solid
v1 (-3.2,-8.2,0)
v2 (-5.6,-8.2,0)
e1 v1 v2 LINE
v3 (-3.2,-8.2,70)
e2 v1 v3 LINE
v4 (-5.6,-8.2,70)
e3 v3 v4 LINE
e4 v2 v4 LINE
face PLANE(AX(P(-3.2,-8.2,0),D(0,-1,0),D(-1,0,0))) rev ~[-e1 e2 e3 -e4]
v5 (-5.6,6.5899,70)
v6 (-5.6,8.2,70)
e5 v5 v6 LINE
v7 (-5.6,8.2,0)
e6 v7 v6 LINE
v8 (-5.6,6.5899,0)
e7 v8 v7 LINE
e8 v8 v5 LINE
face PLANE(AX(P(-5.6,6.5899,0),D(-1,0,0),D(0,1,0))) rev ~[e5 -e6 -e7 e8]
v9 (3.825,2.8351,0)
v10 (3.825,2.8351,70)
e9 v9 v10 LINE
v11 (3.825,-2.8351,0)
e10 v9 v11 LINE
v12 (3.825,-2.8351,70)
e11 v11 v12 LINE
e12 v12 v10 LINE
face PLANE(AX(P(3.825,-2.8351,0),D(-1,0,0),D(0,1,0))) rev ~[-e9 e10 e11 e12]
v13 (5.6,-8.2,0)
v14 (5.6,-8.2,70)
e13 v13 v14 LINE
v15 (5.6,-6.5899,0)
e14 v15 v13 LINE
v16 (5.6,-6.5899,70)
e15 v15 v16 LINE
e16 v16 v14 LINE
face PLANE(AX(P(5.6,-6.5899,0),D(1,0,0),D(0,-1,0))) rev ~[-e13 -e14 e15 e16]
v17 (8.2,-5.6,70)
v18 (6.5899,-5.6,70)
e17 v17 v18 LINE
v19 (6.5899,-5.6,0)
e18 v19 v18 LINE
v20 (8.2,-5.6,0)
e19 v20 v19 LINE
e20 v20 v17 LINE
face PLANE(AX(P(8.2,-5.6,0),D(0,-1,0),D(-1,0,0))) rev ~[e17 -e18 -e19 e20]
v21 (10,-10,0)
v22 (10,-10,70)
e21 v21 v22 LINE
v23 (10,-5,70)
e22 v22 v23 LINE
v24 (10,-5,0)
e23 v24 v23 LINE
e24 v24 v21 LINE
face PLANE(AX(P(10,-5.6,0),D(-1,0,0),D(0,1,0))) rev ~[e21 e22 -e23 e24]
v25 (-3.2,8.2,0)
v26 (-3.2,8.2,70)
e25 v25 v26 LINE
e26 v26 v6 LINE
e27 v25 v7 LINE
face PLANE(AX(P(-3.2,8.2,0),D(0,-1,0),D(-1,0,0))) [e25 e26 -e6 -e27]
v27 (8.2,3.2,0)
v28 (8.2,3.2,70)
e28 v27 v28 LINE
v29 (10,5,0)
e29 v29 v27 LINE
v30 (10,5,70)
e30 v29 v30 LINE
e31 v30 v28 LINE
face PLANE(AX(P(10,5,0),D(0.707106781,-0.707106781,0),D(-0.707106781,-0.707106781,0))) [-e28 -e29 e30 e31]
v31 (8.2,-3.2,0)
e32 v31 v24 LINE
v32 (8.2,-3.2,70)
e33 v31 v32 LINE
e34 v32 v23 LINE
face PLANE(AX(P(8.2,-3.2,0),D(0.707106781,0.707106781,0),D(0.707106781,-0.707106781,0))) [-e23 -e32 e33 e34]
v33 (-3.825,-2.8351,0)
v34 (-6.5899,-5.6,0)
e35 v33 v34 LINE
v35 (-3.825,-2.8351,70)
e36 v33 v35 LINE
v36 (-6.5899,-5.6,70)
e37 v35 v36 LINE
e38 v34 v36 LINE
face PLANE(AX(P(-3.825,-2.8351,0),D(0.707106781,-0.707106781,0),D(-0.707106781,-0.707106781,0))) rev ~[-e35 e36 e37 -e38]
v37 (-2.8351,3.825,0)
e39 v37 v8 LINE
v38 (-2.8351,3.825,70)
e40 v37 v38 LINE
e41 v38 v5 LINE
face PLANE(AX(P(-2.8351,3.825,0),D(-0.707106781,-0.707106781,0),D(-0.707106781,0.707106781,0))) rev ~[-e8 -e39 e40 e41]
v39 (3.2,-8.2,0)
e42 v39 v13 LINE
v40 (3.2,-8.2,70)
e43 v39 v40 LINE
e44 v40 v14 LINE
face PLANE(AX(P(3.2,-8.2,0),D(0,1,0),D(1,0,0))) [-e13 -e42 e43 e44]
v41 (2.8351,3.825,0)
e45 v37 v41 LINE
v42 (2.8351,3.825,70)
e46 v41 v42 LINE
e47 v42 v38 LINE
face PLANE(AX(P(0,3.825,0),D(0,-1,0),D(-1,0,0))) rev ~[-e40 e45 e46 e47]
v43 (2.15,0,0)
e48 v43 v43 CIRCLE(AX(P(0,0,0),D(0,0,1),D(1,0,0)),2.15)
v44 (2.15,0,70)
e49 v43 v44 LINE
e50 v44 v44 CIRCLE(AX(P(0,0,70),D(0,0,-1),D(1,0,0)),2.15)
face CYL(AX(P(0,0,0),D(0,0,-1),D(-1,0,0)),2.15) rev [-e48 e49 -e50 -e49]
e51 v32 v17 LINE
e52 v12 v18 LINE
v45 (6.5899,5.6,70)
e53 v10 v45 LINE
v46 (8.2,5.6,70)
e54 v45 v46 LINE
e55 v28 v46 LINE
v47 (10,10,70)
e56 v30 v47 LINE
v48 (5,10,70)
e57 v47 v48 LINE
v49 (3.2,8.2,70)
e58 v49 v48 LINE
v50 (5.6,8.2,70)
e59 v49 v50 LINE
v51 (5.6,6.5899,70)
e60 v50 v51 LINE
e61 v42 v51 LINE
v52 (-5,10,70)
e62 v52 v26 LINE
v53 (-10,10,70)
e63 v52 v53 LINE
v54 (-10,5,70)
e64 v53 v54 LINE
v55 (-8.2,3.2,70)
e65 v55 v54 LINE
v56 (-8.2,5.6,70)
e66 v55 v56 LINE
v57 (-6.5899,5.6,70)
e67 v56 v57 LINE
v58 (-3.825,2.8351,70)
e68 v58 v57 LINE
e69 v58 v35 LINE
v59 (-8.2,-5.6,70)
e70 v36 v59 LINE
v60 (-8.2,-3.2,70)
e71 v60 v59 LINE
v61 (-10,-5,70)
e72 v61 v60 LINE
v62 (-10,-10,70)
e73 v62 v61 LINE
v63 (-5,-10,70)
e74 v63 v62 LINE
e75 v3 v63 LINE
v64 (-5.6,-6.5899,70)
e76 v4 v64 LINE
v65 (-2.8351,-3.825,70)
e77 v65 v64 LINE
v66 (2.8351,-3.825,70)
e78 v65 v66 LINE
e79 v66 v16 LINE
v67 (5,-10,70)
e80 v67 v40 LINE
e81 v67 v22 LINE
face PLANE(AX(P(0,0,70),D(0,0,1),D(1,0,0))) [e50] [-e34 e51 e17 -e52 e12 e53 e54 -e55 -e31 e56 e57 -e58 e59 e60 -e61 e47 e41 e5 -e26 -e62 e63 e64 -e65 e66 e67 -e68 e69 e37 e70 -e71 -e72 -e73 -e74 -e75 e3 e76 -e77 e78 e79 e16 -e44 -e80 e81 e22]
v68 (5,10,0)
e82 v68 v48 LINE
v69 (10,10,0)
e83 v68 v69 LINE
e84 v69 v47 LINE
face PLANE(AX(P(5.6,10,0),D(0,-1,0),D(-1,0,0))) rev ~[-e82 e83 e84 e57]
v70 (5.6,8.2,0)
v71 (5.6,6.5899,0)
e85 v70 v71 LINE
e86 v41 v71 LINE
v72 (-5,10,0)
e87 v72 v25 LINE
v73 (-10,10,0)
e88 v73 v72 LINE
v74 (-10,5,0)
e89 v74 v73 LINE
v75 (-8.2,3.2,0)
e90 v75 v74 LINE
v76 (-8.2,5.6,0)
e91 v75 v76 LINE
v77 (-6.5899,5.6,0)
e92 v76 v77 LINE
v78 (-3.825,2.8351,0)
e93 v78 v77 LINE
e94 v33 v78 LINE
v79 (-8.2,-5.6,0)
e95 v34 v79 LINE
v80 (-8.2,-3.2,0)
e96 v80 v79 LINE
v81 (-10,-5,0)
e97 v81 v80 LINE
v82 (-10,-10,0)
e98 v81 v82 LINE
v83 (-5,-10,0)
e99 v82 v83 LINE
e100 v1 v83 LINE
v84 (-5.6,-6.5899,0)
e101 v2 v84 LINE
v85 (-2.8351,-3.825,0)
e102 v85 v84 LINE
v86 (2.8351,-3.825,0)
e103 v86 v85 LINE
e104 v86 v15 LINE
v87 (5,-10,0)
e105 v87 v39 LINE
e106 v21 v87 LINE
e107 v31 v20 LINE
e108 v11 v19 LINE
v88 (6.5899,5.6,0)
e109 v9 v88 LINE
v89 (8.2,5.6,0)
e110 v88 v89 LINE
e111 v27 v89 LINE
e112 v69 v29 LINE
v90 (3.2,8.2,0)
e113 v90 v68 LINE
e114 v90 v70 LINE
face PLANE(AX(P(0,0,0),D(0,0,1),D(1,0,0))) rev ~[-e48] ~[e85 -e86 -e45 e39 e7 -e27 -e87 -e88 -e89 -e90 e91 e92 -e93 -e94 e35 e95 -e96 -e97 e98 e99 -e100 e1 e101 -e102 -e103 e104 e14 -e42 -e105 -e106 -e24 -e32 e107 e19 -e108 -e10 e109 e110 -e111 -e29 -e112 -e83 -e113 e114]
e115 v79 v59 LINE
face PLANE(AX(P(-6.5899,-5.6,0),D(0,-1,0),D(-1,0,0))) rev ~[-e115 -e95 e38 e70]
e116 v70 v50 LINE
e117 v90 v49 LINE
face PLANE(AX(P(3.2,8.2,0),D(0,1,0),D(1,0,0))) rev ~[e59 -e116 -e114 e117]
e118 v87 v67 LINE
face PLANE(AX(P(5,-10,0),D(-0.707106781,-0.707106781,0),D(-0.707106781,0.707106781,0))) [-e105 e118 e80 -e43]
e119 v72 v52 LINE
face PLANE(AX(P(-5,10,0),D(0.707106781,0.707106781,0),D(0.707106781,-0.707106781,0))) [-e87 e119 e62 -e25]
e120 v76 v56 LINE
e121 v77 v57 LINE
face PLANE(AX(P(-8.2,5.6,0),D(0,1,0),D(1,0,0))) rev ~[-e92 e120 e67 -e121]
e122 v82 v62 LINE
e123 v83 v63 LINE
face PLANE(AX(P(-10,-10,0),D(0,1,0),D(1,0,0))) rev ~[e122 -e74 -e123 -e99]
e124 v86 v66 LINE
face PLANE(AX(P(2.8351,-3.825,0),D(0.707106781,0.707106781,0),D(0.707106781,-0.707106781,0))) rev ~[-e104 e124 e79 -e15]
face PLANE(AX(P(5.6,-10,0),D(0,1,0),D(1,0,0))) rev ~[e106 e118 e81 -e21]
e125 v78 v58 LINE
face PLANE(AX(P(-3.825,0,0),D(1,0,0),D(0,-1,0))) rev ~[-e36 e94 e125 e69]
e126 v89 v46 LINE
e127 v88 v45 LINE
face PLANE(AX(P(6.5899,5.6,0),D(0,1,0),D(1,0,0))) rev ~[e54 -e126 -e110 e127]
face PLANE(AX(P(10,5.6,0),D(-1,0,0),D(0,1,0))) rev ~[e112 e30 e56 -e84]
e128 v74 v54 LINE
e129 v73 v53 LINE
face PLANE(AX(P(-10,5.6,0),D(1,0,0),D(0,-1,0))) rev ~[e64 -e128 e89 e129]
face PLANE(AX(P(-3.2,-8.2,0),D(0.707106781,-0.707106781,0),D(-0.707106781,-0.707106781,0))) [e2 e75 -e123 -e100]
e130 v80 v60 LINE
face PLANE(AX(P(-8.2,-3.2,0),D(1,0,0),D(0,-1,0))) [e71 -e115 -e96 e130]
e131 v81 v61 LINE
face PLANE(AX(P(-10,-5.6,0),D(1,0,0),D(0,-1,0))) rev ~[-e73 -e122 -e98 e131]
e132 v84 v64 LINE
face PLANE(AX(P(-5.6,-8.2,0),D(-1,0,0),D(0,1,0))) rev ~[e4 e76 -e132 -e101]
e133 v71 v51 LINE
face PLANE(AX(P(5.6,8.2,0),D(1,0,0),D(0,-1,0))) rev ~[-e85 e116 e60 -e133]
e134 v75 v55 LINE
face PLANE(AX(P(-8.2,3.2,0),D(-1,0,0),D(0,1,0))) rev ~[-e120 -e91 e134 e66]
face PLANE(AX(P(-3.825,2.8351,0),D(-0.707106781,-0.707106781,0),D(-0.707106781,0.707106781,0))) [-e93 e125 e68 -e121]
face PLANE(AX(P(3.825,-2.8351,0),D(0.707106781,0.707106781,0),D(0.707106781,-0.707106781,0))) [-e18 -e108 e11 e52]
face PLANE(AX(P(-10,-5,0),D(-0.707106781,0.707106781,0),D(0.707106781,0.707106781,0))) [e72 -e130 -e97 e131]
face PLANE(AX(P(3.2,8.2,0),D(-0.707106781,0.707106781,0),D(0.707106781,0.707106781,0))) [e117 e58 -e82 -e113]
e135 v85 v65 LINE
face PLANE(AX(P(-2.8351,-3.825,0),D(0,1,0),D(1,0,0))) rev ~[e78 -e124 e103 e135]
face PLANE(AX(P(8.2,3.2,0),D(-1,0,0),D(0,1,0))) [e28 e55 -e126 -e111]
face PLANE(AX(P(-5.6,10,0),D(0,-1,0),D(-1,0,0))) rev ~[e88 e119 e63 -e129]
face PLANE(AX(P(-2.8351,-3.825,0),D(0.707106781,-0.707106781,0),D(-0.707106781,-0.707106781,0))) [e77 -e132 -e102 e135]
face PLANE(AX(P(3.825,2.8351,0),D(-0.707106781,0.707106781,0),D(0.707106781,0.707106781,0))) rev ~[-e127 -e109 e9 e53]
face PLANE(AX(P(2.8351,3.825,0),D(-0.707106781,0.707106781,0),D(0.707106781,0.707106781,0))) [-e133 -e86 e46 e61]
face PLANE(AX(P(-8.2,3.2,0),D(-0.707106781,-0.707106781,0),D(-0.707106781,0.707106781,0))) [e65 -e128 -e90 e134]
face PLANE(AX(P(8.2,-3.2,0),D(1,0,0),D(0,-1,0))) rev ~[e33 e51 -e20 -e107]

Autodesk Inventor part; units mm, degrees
ref_plane "YZ Plane" through (0, 0, 0) normal (1, 0, 0) x (0, 1, 0)
ref_plane "XZ Plane" through (0, 0, 0) normal (0, 1, 0) x (-1, 0, 0)
ref_plane "XY Plane" through (0, 0, 0) normal (0, 0, 1) x (1, 0, 0)
sketch "Sketch1" plane through (0, 0, 0) normal (0, 0, 1) x (1, 0, 0)
  line L0 (-10, -10) -> (-5.6, -10)
  line L1 (-10, -5.6) -> (-10, -10)
  line L2 (-5.6, -10) -> (-5, -10)
  line L3 (-3.2, -8.2) -> (-5.6, -8.2)
  line L4 (-2.8351, -3.825) -> (-5.6, -6.5899)
  line L5 (-3.825, -2.8351) -> (-6.5899, -5.6)
  line L6 (0, 0) -> (0, -11) construction
  line L7 (0, 0) -> (-12, 0) construction
  line L8 (-3.2, -8.2) -> (-5, -10)
  line L9 (-6.5899, -5.6) -> (-8.2, -5.6)
  line L10 (-10, -5.6) -> (-10, -5)
  line L11 (-10, -5) -> (-8.2, -3.2)
  line L12 (-8.2, -3.2) -> (-8.2, -5.6)
  line L13 (-5.6, -8.2) -> (-5.6, -6.5899)
  arc A0 (-2.15, 0) -> (0, -2.15) centre (0, 0) ccw
  line L14 (0, 0) -> (-3.825, 0)
  line L15 (-3.825, 0) -> (-3.825, -2.8351)
  line L16 (-2.8351, -3.825) -> (0, -3.825)
  line L17 (0, -3.825) -> (0, 0)
  line L18 (-2.8351, -3.825) -> (-3.825, -3.825) construction
  line L19 (-3.825, -3.825) -> (-3.825, -2.8351) construction
  line L20 (3.825, -2.8351) -> (3.825, -3.825) construction
  line L21 (3.825, -2.8351) -> (3.825, 0)
  line L22 (3.825, -3.825) -> (2.8351, -3.825) construction
  line L23 (3.825, 0) -> (0, 0)
  line L24 (0, -3.825) -> (2.8351, -3.825)
  arc A1 (0, -2.15) -> (2.15, 0) centre (0, 0) ccw
  line L25 (0, 0) -> (0, -3.825)
  line L26 (2.8351, -3.825) -> (5.6, -6.5899)
  line L27 (0, 0) -> (0, -12) construction
  line L28 (0, 0) -> (11, 0) construction
  line L29 (3.825, -2.8351) -> (6.5899, -5.6)
  line L30 (8.2, -3.2) -> (8.2, -5.6)
  line L31 (10, -5.6) -> (10, -5)
  line L32 (8.2, -3.2) -> (10, -5)
  line L33 (8.2, -5.6) -> (6.5899, -5.6)
  line L34 (5.6, -6.5899) -> (5.6, -8.2)
  line L35 (10, -10) -> (10, -5.6)
  line L36 (5.6, -10) -> (10, -10)
  line L37 (3.2, -8.2) -> (5.6, -8.2)
  line L38 (5, -10) -> (3.2, -8.2)
  line L39 (5.6, -10) -> (5, -10)
  line L40 (2.8351, 3.825) -> (3.825, 3.825) construction
  line L41 (2.8351, 3.825) -> (0, 3.825)
  line L42 (3.825, 3.825) -> (3.825, 2.8351) construction
  line L43 (0, 3.825) -> (0, 0)
  line L44 (3.825, 0) -> (3.825, 2.8351)
  arc A2 (2.15, 0) -> (0, 2.15) centre (0, 0) ccw
  line L45 (0, 0) -> (3.825, 0)
  line L46 (3.825, 2.8351) -> (6.5899, 5.6)
  line L47 (0, 0) -> (12, 0) construction
  line L48 (0, 0) -> (0, 11) construction
  line L49 (2.8351, 3.825) -> (5.6, 6.5899)
  line L50 (3.2, 8.2) -> (5.6, 8.2)
  line L51 (5.6, 10) -> (5, 10)
  line L52 (3.2, 8.2) -> (5, 10)
  line L53 (5.6, 8.2) -> (5.6, 6.5899)
  line L54 (6.5899, 5.6) -> (8.2, 5.6)
  line L55 (10, 10) -> (5.6, 10)
  line L56 (10, 5.6) -> (10, 10)
  line L57 (8.2, 3.2) -> (8.2, 5.6)
  line L58 (10, 5) -> (8.2, 3.2)
  line L59 (10, 5.6) -> (10, 5)
  line L60 (-3.825, 2.8351) -> (-3.825, 3.825) construction
  line L61 (-3.825, 2.8351) -> (-3.825, 0)
  line L62 (-3.825, 3.825) -> (-2.8351, 3.825) construction
  line L63 (-3.825, 0) -> (0, 0)
  line L64 (0, 3.825) -> (-2.8351, 3.825)
  arc A3 (0, 2.15) -> (-2.15, 0) centre (0, 0) ccw
  line L65 (0, 0) -> (0, 3.825)
  line L66 (-2.8351, 3.825) -> (-5.6, 6.5899)
  line L67 (0, 0) -> (0, 12) construction
  line L68 (0, 0) -> (-11, 0) construction
  line L69 (-3.825, 2.8351) -> (-6.5899, 5.6)
  line L70 (-8.2, 3.2) -> (-8.2, 5.6)
  line L71 (-10, 5.6) -> (-10, 5)
  line L72 (-8.2, 3.2) -> (-10, 5)
  line L73 (-8.2, 5.6) -> (-6.5899, 5.6)
  line L74 (-5.6, 6.5899) -> (-5.6, 8.2)
  line L75 (-10, 10) -> (-10, 5.6)
  line L76 (-5.6, 10) -> (-10, 10)
  line L77 (-3.2, 8.2) -> (-5.6, 8.2)
  line L78 (-5, 10) -> (-3.2, 8.2)
  line L79 (-5.6, 10) -> (-5, 10)
  point P0 (0, 2.15)
  point P1 (2.15, 0)
  point P2 (0, -2.15)
  dimension "d16" = 10
  dimension "d19" = 3.2
  dimension "d21" = 4.4
  dimension "d22" = 4.4
  dimension "d24" = 45
  dimension "d25" = 1.8
  dimension "d27" = 1.8
  dimension "d28" = 45
  dimension "d29" = 3.2
  dimension "d31" = 1.4
  dimension "d33" = 2.15
  dimension "d34" = 3.825
  dimension "d35" = 3.825
  dimension "d36" = 135
  dimension "d39" = 360
extrude "Extrusion1" add sketch "Sketch1" along normal blind 70 contours L1 L10 L11 L12 L9 L5 L15 L14 A0 L17 L16 L4 L13 L3 L8 L2 L0 | L17 A1 L23 L21 L29 L33 L30 L32 L31 L35 L36 L39 L38 L37 L34 L26 L24 | L61 L69 L73 L70 L72 L71 L75 L76 L79 L78 L77 L74 L66 L64 L43 A3 L14 | A2 L43 L41 L49 L53 L50 L52 L51 L55 L56 L59 L58 L57 L54 L46 L44 L23
properties part number "AP20x20"
